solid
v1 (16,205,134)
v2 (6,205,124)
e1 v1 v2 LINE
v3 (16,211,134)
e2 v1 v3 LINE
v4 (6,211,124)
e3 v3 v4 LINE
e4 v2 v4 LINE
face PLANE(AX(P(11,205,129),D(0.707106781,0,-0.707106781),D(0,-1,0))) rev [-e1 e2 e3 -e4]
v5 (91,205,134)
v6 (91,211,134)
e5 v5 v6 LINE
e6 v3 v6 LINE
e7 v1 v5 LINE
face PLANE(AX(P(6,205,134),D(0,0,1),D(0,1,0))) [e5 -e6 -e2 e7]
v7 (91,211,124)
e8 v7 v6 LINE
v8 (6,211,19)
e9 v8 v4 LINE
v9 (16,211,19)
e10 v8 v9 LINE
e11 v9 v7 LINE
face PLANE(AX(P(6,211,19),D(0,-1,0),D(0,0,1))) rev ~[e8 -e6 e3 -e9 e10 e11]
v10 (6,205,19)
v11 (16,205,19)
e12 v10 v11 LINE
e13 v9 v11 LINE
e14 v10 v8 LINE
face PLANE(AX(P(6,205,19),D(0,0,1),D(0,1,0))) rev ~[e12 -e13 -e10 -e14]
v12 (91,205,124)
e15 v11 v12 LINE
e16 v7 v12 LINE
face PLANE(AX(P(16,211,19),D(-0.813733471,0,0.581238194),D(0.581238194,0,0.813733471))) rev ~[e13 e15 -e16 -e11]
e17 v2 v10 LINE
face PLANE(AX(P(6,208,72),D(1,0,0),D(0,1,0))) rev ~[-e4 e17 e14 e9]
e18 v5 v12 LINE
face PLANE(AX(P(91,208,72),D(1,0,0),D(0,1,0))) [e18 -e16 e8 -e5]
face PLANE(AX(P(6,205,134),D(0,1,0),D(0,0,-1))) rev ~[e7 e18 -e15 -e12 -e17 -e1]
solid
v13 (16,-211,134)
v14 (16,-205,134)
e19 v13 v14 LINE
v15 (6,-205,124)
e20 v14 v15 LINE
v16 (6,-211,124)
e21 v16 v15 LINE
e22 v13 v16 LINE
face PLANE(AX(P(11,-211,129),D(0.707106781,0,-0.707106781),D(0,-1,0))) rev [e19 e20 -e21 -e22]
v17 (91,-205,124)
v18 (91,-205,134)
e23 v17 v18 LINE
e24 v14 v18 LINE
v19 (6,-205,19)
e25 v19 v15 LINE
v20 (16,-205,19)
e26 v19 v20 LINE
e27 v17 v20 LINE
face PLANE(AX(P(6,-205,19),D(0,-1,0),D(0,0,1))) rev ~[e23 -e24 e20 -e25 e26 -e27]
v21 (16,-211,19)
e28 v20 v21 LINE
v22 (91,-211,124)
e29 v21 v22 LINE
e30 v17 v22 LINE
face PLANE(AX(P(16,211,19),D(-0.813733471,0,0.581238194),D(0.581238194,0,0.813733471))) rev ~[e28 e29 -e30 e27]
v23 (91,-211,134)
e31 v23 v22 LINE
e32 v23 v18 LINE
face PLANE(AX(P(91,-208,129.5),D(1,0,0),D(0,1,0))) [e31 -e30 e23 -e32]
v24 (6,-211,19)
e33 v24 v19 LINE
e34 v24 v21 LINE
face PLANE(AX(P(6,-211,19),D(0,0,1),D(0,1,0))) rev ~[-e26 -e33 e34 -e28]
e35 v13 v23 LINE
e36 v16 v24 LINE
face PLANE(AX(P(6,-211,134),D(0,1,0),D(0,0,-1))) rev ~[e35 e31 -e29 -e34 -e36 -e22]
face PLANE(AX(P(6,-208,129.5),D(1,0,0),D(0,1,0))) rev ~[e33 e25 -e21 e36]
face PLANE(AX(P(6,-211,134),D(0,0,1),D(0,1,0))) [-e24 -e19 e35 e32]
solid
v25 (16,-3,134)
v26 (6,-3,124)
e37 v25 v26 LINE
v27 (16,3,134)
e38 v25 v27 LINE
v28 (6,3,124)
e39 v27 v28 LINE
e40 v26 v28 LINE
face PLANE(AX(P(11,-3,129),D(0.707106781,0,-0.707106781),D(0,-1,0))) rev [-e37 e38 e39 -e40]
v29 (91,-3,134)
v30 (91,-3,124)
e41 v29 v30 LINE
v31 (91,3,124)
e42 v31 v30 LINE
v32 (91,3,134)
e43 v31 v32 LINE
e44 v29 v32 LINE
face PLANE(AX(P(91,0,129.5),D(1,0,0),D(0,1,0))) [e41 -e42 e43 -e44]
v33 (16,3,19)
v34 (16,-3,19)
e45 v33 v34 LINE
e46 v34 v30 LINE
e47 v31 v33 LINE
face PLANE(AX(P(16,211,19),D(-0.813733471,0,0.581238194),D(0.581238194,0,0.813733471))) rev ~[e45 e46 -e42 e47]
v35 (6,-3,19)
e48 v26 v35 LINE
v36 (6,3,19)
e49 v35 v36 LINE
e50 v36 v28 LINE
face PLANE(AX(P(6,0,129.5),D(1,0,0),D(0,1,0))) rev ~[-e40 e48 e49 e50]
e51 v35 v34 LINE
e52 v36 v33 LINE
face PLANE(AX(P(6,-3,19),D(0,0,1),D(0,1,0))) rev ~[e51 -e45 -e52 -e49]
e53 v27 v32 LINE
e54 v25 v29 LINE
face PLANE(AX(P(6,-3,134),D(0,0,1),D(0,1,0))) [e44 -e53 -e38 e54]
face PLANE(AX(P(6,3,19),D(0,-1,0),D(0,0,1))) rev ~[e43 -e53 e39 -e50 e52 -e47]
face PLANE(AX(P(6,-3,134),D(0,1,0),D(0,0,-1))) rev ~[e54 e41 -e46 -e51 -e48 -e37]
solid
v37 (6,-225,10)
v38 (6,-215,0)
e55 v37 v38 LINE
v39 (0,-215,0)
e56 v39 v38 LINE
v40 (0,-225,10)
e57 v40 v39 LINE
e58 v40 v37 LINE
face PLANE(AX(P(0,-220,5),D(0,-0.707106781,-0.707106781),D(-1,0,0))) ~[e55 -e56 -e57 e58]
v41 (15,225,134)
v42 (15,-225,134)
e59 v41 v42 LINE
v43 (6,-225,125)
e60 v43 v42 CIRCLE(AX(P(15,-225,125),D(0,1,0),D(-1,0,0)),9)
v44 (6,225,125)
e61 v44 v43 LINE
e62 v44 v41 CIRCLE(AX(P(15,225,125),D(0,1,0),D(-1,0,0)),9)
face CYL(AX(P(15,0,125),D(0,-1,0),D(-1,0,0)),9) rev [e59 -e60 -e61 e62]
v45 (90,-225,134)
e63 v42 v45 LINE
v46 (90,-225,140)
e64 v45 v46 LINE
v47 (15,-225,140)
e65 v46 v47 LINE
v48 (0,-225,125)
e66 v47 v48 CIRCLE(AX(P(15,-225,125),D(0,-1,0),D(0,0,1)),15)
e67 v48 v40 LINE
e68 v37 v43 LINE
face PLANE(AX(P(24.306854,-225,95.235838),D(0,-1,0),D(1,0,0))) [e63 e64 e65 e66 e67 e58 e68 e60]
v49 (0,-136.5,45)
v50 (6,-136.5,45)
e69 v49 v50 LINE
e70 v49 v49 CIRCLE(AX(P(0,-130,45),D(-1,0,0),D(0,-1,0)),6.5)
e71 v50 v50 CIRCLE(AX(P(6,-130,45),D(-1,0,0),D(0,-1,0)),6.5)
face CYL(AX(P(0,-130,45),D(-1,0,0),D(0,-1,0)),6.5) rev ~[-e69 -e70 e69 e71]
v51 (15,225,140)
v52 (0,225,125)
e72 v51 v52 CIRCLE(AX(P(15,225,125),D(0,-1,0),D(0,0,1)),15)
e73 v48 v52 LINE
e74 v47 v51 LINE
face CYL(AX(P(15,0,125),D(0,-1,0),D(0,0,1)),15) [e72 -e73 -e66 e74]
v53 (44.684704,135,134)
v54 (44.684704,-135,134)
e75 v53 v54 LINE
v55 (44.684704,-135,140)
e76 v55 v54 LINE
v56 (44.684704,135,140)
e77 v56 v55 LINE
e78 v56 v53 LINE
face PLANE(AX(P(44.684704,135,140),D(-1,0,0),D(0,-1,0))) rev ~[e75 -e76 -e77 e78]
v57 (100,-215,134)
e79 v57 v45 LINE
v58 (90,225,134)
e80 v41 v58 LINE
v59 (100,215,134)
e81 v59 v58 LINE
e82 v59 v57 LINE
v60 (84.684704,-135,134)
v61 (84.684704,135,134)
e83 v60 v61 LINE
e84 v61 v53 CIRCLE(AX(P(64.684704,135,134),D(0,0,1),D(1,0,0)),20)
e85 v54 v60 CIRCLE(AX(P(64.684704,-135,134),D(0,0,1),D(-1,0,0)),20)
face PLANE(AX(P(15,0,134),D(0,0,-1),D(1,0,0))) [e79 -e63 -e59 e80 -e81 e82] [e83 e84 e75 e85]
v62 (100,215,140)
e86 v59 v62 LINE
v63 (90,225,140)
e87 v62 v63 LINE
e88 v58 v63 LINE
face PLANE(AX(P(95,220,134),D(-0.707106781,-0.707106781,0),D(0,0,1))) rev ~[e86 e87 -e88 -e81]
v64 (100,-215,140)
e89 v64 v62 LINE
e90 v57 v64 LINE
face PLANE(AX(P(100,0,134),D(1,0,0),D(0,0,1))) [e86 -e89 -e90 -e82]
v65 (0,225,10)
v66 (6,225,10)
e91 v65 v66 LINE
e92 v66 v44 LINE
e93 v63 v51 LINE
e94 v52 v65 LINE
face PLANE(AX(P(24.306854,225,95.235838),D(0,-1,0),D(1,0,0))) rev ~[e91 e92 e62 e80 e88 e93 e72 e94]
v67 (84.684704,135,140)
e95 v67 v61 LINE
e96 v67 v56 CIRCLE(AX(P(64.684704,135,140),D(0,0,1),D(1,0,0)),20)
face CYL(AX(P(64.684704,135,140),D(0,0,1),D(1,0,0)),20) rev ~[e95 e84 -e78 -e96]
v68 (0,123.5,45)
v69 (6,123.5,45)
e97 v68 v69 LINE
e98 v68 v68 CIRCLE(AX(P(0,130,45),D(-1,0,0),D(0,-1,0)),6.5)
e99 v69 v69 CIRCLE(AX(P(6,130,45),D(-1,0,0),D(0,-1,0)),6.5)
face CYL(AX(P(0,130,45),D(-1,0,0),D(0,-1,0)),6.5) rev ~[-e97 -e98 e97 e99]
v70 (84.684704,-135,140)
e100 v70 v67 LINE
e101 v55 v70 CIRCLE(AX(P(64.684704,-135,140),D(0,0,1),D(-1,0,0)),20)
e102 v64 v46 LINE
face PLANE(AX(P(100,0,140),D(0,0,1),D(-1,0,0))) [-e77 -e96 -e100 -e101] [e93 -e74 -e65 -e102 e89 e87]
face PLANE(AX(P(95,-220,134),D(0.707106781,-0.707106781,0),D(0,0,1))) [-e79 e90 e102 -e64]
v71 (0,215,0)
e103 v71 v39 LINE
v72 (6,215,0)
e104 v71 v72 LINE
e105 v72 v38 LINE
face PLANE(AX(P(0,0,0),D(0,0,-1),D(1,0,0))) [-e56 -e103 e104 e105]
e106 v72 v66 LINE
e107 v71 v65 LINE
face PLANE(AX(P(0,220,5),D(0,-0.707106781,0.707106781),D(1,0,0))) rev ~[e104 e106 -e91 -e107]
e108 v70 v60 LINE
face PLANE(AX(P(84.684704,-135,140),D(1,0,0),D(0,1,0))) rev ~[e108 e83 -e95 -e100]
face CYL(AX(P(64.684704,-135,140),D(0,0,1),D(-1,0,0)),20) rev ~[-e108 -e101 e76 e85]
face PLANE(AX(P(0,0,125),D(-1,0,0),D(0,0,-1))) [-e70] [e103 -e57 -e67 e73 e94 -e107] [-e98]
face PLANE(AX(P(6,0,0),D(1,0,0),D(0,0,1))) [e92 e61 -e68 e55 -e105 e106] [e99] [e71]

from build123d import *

# Parameters (mm, degrees)
F1_DEPTH  = 225
F2_W      = 6
F2_H      = 9
F2_H_2    = 106
F3_DEPTH  = 85
F4_SIZE   = 10
F4_2_SIZE = 10
F4_3_SIZE = 10
F6_DEPTH  = 450
F7_SIZE   = 10
F9_DEPTH  = 6
F10_R     = 6.5
F11_DEPTH = 6


with BuildPart() as f1:
    # F0 (on Front) → F1 (new body, symmetric)
    with BuildSketch(Plane.XZ):
        with BuildLine():
            Line((0, 125), (0, 0))
            Line((0, 0), (6, 0))
            Line((6, 0), (6, 125))
            ThreePointArc((6, 125), (8.6360389693, 131.3639610307), (15, 134))
            Line((15, 134), (100, 134))
            Line((100, 134), (100, 140))
            Line((100, 140), (15, 140))
            ThreePointArc((15, 140), (4.3933982822, 135.6066017178), (0, 125))
        make_face()
    extrude(amount=F1_DEPTH, both=True)

    # F7
    f7_edges = [f1.edges().sort_by_distance(p)[0] for p in [
        (100, 225, 137),
        (3, 225, 0),
        (100, -225, 137),
        (3, -225, 0),
    ]]
    chamfer(f7_edges, length=F7_SIZE)

    # F8 (on face) → F9 (cut)
    with BuildSketch(Plane.XY.offset(140)):
        with BuildLine():
            Line((84.6847039461, -135), (84.6847039461, 135))
            ThreePointArc((84.6847039461, 135), (64.6847039461, 155), (44.6847039461, 135))
            Line((44.6847039461, 135), (44.6847039461, -135))
            ThreePointArc((44.6847039461, -135), (64.6847039461, -155), (84.6847039461, -135))
        make_face()
    extrude(amount=-F9_DEPTH, mode=Mode.SUBTRACT)

    # F10 (on face) → F11 (cut)
    with BuildSketch(Plane(origin=(0, 0, 0), x_dir=(0, -1, 0), z_dir=(-1, 0, 0))):
        with Locations((-130, 45)):
            Circle(F10_R)
        with Locations((130, 45)):
            Circle(F10_R)
    extrude(amount=-F11_DEPTH, mode=Mode.SUBTRACT)


with BuildPart() as f3:
    # F2 (on face) → F3 (new body)
    with BuildSketch(Plane.YZ.offset(6)):
        with Locations((-208, 129.5)):
            Rectangle(F2_W, F2_H)
        with Locations((-208, 72)):
            Rectangle(F2_W, F2_H_2)
    extrude(amount=F3_DEPTH)

    # F4#3
    f4_3_edges = [f3.edges().sort_by_distance(p)[0] for p in [
        (6, -208, 134),
    ]]
    chamfer(f4_3_edges, length=F4_3_SIZE)


with BuildPart() as f3b:
    # F2 (on face) → F3, piece 2 (new body)
    with BuildSketch(Plane.YZ.offset(6)):
        with Locations((0, 129.5)):
            Rectangle(F2_W, F2_H)
        with Locations((0, 72)):
            Rectangle(F2_W, F2_H_2)
    extrude(amount=F3_DEPTH)

    # F4#2
    f4_2_edges = [f3b.edges().sort_by_distance(p)[0] for p in [
        (6, 0, 134),
    ]]
    chamfer(f4_2_edges, length=F4_2_SIZE)


with BuildPart() as f3c:
    # F2 (on face) → F3, piece 3 (new body)
    with BuildSketch(Plane.YZ.offset(6)):
        with Locations((208, 72)):
            Rectangle(F2_W, F2_H_2)
        with Locations((208, 129.5)):
            Rectangle(F2_W, F2_H)
    extrude(amount=F3_DEPTH)

    # F4
    f4_edges = [f3c.edges().sort_by_distance(p)[0] for p in [
        (6, 208, 134),
    ]]
    chamfer(f4_edges, length=F4_SIZE)


with BuildPart() as f6_tool:
    # F5 (on face) → F6 (new body)
    with BuildSketch(Plane(origin=(0, 211, 0), x_dir=(-1, 0, 0), z_dir=(0, 1, 0))):
        Polygon((-16, 19), (-91, 124), (-91, 19), align=None)
    extrude(amount=-F6_DEPTH)


with BuildPart() as f3_1:
    add(f3.part)

    # F6: cut by f6_tool
    add(f6_tool.part, mode=Mode.SUBTRACT)


with BuildPart() as f3b_1:
    add(f3b.part)

    # F6: cut by f6_tool
    add(f6_tool.part, mode=Mode.SUBTRACT)


with BuildPart() as f3c_1:
    add(f3c.part)

    # F6: cut by f6_tool
    add(f6_tool.part, mode=Mode.SUBTRACT)


solid = Compound([f1.part, f3_1.part, f3b_1.part, f3c_1.part])
